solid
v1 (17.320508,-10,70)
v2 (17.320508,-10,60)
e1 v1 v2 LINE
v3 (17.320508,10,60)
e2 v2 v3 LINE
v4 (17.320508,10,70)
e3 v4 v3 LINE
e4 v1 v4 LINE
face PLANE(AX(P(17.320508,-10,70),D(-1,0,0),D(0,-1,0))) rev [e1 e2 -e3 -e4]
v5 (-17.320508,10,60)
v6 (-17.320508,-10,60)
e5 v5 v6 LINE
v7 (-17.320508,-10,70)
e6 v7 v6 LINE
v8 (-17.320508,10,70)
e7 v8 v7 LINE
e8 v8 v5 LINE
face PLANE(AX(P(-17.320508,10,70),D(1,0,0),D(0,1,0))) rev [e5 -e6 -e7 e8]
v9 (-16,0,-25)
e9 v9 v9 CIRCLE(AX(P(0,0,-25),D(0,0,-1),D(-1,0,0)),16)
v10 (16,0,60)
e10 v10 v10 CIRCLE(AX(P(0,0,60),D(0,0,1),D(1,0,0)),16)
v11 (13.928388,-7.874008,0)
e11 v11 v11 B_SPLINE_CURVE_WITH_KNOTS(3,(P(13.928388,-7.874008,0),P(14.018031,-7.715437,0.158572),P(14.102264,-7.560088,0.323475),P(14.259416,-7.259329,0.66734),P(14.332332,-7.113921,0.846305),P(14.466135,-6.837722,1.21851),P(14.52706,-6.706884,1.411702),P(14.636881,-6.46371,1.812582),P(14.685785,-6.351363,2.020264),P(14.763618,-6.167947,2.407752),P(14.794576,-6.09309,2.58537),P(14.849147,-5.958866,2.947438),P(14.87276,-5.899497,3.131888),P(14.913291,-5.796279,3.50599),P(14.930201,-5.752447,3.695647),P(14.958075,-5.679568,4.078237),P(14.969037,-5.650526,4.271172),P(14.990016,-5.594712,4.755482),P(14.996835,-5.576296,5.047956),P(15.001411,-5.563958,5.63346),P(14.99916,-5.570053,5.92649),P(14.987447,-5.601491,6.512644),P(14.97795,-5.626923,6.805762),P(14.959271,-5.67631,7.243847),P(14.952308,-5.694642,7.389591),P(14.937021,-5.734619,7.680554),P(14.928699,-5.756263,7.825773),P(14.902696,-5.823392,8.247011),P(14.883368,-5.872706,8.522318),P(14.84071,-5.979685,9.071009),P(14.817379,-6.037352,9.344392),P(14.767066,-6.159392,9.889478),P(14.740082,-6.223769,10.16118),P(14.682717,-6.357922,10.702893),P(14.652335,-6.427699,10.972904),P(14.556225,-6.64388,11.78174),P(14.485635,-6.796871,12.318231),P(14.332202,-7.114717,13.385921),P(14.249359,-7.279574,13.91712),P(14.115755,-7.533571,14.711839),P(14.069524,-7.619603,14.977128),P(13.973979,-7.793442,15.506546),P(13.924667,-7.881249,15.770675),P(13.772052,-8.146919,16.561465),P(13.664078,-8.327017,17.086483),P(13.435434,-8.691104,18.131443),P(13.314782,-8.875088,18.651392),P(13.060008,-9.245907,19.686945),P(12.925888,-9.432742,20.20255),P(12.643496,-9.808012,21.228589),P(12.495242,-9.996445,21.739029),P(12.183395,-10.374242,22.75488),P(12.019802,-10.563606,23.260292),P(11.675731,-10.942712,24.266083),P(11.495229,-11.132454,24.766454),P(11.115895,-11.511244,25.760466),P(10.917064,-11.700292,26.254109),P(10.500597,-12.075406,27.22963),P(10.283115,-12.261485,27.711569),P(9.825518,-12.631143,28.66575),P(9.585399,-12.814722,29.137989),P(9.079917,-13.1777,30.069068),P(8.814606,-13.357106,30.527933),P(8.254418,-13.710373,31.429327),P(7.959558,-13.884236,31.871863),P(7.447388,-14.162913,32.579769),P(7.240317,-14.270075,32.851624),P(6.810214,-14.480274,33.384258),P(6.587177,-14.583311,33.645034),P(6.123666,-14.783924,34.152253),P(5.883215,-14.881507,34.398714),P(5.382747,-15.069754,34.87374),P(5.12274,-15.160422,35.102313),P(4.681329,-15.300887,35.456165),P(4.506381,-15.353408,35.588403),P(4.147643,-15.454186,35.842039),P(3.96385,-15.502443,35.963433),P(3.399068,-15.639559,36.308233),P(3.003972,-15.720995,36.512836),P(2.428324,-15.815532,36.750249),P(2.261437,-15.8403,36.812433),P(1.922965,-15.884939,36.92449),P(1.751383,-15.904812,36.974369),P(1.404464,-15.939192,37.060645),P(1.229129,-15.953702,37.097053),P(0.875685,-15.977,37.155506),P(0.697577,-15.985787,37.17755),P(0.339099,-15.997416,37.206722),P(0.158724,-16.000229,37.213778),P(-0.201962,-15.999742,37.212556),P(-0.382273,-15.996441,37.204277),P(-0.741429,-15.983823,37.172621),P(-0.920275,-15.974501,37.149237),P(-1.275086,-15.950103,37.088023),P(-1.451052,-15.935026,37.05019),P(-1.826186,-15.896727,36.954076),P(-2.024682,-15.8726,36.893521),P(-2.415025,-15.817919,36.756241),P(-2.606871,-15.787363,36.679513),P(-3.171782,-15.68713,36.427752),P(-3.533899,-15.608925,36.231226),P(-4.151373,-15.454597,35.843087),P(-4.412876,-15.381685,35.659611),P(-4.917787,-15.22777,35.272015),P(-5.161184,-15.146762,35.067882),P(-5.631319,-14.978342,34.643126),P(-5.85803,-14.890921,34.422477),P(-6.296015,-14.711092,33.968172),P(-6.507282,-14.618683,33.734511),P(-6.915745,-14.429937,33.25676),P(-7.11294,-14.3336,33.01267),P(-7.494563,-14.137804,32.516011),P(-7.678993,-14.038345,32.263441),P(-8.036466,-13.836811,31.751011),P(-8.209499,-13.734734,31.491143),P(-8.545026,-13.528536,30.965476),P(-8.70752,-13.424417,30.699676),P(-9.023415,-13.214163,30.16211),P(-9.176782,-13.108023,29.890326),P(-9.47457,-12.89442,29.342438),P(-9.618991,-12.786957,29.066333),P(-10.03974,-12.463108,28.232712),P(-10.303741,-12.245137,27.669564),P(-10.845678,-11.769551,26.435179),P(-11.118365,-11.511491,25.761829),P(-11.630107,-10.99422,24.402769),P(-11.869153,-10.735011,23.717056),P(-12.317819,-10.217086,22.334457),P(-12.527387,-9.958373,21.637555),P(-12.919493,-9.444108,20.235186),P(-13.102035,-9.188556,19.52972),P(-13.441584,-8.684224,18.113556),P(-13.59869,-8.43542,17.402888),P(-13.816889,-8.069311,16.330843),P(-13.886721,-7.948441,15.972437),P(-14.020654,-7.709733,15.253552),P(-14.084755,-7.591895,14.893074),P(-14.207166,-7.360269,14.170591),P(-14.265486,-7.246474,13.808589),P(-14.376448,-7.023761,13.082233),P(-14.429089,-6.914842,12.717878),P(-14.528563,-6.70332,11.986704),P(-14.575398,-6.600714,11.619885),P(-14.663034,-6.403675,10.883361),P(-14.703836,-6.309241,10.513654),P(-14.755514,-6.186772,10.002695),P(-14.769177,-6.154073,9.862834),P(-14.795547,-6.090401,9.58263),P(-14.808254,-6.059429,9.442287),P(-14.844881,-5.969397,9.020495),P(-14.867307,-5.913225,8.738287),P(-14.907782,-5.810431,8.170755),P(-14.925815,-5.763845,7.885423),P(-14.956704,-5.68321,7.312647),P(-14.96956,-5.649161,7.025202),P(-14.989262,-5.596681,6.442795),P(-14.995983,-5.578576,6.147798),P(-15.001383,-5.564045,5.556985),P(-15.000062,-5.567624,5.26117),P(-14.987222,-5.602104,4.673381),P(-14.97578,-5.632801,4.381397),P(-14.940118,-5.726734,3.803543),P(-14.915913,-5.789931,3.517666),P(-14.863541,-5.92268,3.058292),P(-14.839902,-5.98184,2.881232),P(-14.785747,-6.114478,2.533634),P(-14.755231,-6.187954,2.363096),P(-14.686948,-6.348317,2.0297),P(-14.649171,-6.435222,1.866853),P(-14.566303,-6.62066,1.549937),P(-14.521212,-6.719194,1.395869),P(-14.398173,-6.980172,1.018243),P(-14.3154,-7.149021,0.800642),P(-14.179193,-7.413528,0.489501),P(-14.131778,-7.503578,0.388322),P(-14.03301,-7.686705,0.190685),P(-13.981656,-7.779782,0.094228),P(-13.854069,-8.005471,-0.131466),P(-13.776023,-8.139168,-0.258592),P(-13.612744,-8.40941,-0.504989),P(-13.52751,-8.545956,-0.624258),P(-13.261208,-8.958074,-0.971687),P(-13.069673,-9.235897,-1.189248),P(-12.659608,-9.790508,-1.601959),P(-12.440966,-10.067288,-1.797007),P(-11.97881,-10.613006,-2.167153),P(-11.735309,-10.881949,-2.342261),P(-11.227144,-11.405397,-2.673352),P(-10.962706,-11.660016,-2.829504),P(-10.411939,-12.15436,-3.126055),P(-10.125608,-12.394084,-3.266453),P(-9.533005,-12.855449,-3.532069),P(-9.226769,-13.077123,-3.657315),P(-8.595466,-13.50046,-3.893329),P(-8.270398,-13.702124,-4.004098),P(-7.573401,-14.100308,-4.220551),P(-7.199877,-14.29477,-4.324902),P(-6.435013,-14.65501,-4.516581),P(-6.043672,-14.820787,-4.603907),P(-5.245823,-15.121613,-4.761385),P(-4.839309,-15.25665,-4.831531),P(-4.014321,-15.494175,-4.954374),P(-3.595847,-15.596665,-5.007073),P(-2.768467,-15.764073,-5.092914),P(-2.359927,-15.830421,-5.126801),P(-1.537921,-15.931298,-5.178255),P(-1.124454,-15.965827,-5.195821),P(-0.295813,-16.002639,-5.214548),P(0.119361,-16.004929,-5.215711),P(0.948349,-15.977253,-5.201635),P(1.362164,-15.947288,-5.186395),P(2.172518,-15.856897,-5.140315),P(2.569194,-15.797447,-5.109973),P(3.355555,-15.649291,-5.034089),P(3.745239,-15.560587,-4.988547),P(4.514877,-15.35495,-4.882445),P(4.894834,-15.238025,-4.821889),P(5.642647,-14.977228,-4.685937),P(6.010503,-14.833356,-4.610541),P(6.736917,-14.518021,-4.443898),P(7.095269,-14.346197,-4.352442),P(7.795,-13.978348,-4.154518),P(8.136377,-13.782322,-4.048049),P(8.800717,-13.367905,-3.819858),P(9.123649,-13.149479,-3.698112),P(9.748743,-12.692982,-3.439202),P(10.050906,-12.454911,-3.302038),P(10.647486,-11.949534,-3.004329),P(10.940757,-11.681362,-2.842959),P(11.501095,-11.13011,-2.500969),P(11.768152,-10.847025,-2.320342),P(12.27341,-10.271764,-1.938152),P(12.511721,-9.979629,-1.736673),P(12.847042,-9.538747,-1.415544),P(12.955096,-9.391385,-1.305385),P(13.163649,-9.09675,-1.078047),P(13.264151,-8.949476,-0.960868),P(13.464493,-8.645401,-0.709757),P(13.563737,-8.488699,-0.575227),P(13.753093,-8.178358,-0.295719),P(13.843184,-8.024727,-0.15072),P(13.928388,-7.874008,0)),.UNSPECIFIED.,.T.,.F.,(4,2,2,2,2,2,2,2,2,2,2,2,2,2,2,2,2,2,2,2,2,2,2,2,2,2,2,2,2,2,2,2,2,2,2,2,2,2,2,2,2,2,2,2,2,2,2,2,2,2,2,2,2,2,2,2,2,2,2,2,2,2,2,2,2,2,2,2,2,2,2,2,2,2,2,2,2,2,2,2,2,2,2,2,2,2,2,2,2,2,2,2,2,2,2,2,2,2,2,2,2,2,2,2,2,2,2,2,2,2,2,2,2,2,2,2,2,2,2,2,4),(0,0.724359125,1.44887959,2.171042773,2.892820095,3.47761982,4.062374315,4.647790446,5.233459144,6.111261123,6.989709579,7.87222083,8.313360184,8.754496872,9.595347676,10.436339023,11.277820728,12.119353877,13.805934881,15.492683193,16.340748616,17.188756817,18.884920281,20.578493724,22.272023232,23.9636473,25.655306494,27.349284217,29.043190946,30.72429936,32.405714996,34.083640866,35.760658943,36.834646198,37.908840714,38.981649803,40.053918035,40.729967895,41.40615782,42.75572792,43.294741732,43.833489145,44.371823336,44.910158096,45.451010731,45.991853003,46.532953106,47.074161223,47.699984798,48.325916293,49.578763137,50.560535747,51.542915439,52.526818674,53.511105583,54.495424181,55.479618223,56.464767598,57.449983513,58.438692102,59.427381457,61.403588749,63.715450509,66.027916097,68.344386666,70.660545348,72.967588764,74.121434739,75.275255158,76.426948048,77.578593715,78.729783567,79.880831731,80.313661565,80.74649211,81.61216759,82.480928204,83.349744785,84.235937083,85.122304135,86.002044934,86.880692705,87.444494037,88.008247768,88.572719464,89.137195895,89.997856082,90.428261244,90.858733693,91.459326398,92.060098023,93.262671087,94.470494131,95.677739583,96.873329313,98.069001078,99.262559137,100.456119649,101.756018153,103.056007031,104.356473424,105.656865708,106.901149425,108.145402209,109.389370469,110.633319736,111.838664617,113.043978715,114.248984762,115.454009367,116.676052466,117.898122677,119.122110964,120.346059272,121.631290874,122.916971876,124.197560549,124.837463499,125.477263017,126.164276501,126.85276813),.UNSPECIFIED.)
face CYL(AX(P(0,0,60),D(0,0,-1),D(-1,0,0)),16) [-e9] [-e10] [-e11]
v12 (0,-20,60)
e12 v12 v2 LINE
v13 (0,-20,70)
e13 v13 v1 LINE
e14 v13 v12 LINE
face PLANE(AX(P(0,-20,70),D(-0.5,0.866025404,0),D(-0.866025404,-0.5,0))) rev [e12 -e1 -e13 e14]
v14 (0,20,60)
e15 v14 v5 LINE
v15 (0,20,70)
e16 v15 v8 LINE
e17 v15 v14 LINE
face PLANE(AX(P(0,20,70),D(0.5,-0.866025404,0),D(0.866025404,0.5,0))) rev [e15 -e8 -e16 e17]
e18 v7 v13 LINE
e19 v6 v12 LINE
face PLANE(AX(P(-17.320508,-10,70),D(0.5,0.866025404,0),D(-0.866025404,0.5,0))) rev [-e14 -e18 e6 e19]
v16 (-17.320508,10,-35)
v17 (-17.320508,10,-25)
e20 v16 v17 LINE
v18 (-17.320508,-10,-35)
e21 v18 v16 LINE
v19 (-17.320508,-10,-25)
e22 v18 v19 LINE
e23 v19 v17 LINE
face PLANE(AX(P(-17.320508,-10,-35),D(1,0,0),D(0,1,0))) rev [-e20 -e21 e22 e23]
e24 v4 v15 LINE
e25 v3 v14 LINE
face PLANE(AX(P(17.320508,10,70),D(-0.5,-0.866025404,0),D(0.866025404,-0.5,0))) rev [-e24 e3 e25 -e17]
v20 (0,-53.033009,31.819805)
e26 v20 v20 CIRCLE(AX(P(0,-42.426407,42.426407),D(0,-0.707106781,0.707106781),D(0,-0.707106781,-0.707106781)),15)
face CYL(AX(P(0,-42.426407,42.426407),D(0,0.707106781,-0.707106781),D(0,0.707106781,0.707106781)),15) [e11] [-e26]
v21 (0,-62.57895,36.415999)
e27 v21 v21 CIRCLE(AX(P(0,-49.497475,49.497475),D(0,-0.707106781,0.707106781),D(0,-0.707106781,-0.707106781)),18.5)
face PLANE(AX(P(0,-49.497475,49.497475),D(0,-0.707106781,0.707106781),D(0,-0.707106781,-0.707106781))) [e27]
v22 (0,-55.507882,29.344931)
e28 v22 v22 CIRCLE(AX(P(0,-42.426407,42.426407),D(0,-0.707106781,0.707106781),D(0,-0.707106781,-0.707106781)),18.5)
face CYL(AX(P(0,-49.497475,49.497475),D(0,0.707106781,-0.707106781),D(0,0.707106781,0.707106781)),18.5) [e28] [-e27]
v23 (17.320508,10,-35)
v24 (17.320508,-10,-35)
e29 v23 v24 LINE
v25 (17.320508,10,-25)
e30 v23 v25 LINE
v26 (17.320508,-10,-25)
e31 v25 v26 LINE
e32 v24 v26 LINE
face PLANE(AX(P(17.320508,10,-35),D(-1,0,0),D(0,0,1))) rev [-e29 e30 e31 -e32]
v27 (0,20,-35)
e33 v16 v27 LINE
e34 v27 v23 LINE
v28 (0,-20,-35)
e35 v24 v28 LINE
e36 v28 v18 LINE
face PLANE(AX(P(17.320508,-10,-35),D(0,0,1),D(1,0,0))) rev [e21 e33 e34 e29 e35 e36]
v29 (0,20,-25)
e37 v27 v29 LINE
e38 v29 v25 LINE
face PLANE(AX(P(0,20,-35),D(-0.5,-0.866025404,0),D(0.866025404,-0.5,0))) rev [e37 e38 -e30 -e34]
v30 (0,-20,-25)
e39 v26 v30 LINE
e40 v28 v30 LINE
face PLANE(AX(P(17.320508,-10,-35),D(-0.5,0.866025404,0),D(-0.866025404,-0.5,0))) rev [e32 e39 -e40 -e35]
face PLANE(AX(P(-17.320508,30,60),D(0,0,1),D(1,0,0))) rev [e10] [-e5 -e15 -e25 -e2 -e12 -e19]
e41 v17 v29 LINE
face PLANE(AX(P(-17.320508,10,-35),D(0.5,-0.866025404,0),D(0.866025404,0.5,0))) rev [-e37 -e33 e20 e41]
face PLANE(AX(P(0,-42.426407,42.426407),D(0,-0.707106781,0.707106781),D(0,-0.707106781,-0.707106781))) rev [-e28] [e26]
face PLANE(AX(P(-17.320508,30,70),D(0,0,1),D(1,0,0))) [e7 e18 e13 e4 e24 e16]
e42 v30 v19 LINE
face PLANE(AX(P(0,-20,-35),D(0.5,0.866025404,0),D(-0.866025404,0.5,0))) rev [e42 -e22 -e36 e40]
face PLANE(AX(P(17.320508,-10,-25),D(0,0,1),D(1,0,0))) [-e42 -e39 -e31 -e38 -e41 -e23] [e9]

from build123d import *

# Parameters (mm, degrees)
SKETCH_3_R        = 16
EXTRUDE_417_DEPTH = 60
SKETCH_4_R        = 15
EXTRUDE_1_DEPTH   = 60
SKETCH_9_R        = 18.5
EXTRUDE_2_DEPTH   = 10
EXTRUDE_5_DEPTH   = 10
EXTRUDE_START     = 25
SKETCH_13_R       = 16
EXTRUDE_6_DEPTH   = 25
EXTRUDE_7_DEPTH   = 10


with BuildPart() as part:
    # Эскиз3 → Extrude 417 (new body)
    with BuildSketch(Plane.XY):
        Circle(SKETCH_3_R)
    extrude(amount=EXTRUDE_417_DEPTH)

    # Эскиз4 → Бобышка-Вытянуть1 (add)
    with BuildSketch(Plane(origin=(0, 0, 0), x_dir=(1, 0, 0), z_dir=(0, -0.707106781186544, 0.7071067811865511))):
        with Locations(Location((0, 0, 0), (0, 0, 158.211329465))):
            Circle(SKETCH_4_R)
    extrude(amount=EXTRUDE_1_DEPTH)

    # Эскиз9 → Бобышка-Вытянуть2 (add)
    with BuildSketch(Plane(origin=(0, -42.426406871, 42.426406871), x_dir=(1, 0, 0), z_dir=(0, -0.7071067811865441, 0.7071067811865509))):
        with Locations(Location((0, 0, 0), (0, 0, 270))):
            Circle(SKETCH_9_R)
    extrude(amount=EXTRUDE_2_DEPTH)

    # Эскиз12 → Бобышка-Вытянуть5 (add)
    with BuildSketch(Plane.XY.offset(60)):
        Polygon((0, 20), (-17.320508076, 10), (-17.320508076, -10), (0, -20), (17.320508076, -10), (17.320508076, 10), align=None)
    extrude(amount=EXTRUDE_5_DEPTH)

    # Эскиз13 → Бобышка-Вытянуть6 (add)
    with BuildSketch(Plane(origin=(0, 0, 0), x_dir=(-1, 0, 0), z_dir=(0, 0, -1)).offset(EXTRUDE_START)):
        Circle(SKETCH_13_R)
    extrude(amount=-EXTRUDE_6_DEPTH)

    # Эскиз14 → Бобышка-Вытянуть7 (add)
    with BuildSketch(Plane(origin=(0, 0, -25), x_dir=(-1, 0, 0), z_dir=(0, 0, -1))):
        Polygon((0, -20), (17.320508076, -10), (17.320508076, 10), (0, 20), (-17.320508076, 10), (-17.320508076, -10), align=None)
    extrude(amount=EXTRUDE_7_DEPTH)


solid = part.part
